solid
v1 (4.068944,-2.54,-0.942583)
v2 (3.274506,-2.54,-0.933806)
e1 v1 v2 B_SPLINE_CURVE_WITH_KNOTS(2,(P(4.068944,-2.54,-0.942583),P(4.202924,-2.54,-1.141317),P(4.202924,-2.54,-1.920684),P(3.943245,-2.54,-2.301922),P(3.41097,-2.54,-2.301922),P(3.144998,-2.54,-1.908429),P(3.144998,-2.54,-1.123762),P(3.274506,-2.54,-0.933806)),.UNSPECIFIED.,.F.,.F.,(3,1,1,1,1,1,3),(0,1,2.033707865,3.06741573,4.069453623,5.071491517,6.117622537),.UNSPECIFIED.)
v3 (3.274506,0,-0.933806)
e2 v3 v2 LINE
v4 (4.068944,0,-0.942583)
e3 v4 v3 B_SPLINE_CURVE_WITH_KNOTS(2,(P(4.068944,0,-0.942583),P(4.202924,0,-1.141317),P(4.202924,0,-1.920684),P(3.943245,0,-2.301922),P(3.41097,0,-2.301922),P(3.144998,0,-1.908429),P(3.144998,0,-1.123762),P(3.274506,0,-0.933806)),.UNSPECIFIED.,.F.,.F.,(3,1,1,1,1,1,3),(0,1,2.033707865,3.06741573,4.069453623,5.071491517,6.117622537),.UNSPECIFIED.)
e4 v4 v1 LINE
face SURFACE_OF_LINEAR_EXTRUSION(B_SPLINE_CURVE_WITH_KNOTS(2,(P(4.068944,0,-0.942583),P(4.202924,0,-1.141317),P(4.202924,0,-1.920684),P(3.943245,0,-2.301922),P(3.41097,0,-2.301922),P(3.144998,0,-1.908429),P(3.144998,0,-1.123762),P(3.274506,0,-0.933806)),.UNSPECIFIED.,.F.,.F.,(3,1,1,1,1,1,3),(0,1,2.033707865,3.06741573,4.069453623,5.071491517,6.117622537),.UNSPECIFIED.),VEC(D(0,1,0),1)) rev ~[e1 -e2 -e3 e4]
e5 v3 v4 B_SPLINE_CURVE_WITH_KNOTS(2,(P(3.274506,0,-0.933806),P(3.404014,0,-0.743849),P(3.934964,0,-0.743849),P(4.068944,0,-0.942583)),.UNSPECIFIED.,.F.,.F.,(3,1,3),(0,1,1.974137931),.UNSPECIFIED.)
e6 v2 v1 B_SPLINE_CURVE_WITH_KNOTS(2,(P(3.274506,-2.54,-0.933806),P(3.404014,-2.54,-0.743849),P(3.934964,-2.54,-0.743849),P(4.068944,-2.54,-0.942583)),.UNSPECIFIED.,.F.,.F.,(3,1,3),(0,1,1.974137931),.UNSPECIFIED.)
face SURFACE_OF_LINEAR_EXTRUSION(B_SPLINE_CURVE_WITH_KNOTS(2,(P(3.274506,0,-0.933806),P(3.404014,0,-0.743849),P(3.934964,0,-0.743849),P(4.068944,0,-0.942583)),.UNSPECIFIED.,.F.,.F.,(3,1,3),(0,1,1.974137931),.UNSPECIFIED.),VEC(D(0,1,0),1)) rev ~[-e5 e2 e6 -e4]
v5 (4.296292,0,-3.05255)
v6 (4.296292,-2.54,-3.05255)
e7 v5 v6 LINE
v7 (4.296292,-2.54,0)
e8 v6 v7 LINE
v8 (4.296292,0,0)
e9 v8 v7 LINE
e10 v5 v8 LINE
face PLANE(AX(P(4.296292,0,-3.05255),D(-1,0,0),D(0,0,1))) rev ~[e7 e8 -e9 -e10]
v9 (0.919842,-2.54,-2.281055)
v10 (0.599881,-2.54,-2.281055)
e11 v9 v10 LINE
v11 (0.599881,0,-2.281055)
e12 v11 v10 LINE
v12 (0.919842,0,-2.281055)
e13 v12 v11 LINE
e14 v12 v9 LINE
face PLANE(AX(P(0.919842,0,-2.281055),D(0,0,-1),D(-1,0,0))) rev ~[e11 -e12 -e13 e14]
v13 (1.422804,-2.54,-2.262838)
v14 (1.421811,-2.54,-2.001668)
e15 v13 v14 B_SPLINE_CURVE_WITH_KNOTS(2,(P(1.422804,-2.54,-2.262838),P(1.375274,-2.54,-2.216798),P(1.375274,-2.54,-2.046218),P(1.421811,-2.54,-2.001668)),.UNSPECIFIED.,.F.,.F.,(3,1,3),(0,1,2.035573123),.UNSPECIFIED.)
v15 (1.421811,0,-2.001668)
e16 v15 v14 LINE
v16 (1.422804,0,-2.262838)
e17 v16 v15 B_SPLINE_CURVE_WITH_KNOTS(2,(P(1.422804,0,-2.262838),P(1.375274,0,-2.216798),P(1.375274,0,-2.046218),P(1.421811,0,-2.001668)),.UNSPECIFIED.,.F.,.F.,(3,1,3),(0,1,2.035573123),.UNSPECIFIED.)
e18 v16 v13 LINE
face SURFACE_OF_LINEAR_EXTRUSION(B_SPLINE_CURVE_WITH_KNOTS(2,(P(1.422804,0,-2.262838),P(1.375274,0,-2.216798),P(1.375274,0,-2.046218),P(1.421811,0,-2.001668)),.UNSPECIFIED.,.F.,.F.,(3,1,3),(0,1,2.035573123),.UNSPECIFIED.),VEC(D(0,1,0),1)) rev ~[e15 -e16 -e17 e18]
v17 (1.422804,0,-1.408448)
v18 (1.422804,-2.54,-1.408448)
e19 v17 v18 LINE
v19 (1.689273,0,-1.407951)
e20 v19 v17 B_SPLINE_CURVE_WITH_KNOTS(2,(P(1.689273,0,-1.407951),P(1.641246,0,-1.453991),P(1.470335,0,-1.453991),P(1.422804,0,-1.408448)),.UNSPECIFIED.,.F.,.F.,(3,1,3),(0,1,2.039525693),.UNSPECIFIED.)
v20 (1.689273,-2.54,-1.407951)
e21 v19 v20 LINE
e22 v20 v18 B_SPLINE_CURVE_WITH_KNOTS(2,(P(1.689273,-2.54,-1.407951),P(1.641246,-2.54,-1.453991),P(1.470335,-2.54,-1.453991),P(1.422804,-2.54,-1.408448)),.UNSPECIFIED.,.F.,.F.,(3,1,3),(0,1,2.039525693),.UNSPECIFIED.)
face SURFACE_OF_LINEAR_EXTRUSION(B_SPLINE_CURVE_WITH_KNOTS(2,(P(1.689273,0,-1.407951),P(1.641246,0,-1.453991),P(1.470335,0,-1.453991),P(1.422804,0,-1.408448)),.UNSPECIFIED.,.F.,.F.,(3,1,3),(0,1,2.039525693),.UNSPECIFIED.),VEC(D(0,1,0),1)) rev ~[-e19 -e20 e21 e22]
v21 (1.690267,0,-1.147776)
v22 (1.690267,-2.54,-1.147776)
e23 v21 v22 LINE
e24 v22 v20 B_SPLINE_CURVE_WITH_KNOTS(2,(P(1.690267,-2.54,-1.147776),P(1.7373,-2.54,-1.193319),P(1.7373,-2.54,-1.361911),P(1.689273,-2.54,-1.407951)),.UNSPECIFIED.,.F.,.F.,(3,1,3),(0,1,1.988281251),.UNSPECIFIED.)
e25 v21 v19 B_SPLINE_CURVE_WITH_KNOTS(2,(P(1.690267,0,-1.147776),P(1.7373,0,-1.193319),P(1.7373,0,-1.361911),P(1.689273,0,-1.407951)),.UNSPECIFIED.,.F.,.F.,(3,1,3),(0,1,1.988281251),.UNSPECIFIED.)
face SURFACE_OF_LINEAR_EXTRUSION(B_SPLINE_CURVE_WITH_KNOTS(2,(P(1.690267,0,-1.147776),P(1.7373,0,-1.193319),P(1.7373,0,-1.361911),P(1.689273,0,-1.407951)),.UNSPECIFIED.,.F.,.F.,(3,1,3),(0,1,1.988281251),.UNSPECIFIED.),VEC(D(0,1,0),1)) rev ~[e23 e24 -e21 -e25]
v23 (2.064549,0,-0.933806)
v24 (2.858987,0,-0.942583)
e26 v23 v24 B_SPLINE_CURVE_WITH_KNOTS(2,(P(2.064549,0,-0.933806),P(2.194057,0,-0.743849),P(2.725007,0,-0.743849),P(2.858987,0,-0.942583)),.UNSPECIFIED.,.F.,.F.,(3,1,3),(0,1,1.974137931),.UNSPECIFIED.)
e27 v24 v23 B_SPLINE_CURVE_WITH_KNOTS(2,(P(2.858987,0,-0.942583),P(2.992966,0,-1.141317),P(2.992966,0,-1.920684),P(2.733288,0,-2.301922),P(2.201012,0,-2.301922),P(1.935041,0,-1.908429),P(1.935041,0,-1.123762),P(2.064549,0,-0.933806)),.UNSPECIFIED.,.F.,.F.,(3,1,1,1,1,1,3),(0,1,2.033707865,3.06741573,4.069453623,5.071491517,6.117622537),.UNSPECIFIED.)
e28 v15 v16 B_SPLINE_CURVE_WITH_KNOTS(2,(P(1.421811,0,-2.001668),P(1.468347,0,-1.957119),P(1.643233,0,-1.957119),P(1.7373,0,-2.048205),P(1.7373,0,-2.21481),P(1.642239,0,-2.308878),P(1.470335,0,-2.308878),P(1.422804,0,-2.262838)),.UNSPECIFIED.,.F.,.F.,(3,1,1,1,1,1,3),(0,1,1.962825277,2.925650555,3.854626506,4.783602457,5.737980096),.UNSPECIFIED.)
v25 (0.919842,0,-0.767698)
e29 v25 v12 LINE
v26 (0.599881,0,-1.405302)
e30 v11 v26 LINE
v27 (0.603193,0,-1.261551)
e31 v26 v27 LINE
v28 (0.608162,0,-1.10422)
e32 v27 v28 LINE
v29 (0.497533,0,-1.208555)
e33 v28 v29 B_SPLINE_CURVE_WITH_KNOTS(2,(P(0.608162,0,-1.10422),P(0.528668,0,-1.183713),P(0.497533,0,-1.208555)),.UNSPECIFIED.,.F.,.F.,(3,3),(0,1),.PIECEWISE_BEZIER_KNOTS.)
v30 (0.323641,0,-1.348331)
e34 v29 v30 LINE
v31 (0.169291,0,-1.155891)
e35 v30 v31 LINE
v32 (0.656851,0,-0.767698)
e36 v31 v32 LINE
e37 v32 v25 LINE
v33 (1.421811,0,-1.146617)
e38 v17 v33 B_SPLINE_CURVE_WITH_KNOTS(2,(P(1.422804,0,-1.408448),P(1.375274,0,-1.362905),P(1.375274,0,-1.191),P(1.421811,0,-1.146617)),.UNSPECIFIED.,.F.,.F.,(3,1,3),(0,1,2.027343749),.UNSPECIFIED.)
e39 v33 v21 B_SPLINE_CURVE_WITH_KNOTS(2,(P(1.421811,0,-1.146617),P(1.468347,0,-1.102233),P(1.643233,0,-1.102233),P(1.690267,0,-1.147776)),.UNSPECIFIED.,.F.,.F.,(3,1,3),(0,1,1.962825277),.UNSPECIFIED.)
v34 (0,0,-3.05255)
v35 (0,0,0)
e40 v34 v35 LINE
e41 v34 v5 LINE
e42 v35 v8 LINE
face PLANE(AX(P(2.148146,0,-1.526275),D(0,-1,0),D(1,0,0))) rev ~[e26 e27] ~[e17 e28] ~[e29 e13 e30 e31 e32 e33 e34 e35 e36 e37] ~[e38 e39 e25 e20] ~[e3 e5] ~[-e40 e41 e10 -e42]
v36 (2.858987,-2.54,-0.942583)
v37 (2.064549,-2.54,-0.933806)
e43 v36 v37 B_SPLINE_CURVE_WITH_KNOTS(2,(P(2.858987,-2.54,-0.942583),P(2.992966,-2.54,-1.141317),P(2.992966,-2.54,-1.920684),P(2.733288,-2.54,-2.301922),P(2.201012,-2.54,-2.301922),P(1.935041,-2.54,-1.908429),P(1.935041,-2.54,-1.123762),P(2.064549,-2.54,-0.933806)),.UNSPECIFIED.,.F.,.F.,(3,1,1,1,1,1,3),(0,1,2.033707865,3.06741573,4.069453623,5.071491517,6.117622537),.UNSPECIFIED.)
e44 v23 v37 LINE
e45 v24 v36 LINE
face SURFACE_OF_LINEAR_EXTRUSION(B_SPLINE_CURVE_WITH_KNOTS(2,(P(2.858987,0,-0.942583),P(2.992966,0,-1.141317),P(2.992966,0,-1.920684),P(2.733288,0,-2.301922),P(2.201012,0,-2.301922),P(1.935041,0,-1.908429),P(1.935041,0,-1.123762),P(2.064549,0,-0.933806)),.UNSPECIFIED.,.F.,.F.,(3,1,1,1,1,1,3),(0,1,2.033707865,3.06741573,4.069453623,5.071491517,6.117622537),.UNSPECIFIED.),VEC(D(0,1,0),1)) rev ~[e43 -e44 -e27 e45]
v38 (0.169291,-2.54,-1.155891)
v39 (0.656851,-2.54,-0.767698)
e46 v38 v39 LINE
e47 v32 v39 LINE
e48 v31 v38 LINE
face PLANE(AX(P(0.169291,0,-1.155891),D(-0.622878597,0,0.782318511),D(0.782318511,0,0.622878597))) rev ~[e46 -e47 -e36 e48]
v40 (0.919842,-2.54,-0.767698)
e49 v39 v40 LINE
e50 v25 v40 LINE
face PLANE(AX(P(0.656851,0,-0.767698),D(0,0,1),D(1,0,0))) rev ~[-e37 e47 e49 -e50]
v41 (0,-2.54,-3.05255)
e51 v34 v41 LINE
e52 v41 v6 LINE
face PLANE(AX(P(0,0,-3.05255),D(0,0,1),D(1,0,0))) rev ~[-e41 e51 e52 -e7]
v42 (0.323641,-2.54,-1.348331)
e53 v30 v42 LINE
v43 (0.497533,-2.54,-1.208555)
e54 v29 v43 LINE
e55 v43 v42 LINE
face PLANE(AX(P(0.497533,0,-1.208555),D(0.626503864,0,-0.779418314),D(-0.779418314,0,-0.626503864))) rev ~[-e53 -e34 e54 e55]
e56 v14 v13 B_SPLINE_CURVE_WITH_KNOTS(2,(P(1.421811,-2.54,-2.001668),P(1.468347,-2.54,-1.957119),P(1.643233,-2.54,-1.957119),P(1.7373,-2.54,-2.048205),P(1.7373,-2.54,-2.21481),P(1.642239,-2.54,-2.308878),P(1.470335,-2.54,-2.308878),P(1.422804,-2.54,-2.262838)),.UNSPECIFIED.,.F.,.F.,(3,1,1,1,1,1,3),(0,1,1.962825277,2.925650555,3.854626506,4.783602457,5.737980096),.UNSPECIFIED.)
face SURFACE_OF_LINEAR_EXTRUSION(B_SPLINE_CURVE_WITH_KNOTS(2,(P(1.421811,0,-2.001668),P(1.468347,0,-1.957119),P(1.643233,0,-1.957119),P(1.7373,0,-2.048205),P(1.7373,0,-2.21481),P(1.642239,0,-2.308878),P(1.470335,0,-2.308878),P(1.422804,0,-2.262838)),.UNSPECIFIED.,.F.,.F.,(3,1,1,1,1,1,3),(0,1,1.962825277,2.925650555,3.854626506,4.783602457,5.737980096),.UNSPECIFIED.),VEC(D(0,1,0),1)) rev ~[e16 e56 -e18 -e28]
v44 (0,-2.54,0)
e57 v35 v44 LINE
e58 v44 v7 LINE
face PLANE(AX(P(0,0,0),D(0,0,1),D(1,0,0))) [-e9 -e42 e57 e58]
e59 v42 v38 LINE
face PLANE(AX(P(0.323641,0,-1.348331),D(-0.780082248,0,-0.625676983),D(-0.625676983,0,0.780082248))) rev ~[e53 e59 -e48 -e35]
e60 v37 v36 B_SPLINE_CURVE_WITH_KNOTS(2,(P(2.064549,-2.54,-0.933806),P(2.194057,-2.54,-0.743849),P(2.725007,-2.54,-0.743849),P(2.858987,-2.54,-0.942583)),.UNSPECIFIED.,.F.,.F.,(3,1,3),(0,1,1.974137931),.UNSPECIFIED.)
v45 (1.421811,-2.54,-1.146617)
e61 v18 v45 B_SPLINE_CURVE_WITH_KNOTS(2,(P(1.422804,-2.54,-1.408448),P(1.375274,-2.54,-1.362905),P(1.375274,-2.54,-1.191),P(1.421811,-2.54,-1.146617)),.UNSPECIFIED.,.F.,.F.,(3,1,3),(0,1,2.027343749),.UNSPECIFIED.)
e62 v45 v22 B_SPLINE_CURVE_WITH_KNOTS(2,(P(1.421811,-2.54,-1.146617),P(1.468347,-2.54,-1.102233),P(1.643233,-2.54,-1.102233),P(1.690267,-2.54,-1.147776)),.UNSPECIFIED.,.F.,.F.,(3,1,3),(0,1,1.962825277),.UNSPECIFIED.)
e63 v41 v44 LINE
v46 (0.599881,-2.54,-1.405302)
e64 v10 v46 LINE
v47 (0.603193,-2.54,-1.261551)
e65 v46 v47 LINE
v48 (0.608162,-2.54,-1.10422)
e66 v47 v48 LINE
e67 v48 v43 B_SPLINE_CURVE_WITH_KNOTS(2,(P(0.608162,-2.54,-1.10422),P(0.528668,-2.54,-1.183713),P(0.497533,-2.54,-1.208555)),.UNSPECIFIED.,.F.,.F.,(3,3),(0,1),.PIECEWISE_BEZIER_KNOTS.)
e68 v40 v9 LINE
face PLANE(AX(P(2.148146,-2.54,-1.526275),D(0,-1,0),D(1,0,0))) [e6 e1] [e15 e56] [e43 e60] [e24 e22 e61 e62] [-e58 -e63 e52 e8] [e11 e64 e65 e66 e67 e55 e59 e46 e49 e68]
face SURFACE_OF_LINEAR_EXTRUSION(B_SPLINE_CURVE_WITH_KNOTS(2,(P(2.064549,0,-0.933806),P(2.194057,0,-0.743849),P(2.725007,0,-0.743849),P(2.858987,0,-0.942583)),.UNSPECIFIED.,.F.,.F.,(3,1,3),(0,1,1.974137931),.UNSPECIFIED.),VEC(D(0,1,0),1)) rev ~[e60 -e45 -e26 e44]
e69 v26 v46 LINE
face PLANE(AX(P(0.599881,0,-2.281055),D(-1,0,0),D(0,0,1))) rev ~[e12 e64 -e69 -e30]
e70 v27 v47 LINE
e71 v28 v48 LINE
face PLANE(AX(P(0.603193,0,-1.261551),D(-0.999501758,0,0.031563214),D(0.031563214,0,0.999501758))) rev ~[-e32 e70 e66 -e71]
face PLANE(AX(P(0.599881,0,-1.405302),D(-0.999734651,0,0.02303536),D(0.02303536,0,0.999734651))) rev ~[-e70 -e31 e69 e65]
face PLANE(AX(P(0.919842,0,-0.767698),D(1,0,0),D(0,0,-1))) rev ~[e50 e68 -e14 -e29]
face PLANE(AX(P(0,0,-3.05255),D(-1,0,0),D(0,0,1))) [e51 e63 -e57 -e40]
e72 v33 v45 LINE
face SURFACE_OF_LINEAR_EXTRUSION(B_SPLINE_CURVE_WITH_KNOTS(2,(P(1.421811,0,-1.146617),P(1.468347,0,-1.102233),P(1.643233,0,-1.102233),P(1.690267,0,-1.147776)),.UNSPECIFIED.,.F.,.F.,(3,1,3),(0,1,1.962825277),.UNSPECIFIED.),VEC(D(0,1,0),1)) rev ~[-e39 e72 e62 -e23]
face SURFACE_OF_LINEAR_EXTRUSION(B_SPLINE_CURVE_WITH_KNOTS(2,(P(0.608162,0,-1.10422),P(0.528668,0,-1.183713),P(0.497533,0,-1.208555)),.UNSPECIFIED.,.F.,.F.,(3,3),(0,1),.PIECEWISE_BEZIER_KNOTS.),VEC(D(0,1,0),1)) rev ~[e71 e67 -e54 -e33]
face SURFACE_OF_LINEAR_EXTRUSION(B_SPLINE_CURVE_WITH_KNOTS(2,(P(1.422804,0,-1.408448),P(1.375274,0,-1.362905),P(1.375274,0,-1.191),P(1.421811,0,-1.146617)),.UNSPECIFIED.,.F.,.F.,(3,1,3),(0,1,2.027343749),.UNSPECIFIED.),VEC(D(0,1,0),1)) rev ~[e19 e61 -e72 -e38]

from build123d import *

# Parameters (mm, degrees)
F0_W     = 4.2962920794
F0_H     = 3.0525501352
F1_DEPTH = 2.54


with BuildPart() as f1:
    # F0 (on Front) → F1 (new body)
    with BuildSketch(Plane.XZ):
        with Locations((2.1481460397, -1.5262750676)):
            Rectangle(F0_W, F0_H)
        with BuildLine():
            add(Edge.make_bspline(
                [(1.4228043145, -2.2628376538), (1.3752738301, -2.2167976723), (1.3752738301, -2.1329982817)],
                knots=[0, 0, 0, 1, 1, 1], degree=2))
            add(Edge.make_bspline(
                [(1.3752738301, -2.1329982817), (1.3752738301, -2.0462178851), (1.4218106459, -2.0016684066)],
                knots=[0, 0, 0, 1, 1, 1], degree=2))
            add(Edge.make_bspline(
                [(1.4218106459, -2.0016684066), (1.4683474616, -1.9571189282), (1.5574464185, -1.9571189282)],
                knots=[0, 0, 0, 1, 1, 1], degree=2))
            add(Edge.make_bspline(
                [(1.5574464185, -1.9571189282), (1.6432331464, -1.9571189282), (1.6902667965, -2.0026620753)],
                knots=[0, 0, 0, 1, 1, 1], degree=2))
            add(Edge.make_bspline(
                [(1.6902667965, -2.0026620753), (1.7373004466, -2.0482052224), (1.7373004466, -2.1329982817)],
                knots=[0, 0, 0, 1, 1, 1], degree=2))
            add(Edge.make_bspline(
                [(1.7373004466, -2.1329982817), (1.7373004466, -2.214810335), (1.6897699622, -2.2618439851)],
                knots=[0, 0, 0, 1, 1, 1], degree=2))
            add(Edge.make_bspline(
                [(1.6897699622, -2.2618439851), (1.6422394778, -2.3088776352), (1.5574464185, -2.3088776352)],
                knots=[0, 0, 0, 1, 1, 1], degree=2))
            add(Edge.make_bspline(
                [(1.5574464185, -2.3088776352), (1.4703347989, -2.3088776352), (1.4228043145, -2.2628376538)],
                knots=[0, 0, 0, 1, 1, 1], degree=2))
        make_face(mode=Mode.SUBTRACT)
        with BuildLine():
            Line((0.9198423592, -0.7676975376), (0.9198423592, -2.2810549126))
            Line((0.9198423592, -2.2810549126), (0.5998810495, -2.2810549126))
            Line((0.5998810495, -2.2810549126), (0.5998810495, -1.4053015969))
            Line((0.5998810495, -1.4053015969), (0.6031932783, -1.2615508635))
            Line((0.6031932783, -1.2615508635), (0.6081616217, -1.1042199918))
            add(Edge.make_bspline(
                [(0.6081616217, -1.1042199918), (0.5286681286, -1.1837134849), (0.4975331771, -1.2085552015)],
                knots=[0, 0, 0, 1, 1, 1], degree=2))
            Line((0.4975331771, -1.2085552015), (0.3236411609, -1.3483312602))
            Line((0.3236411609, -1.3483312602), (0.1692912952, -1.1558907623))
            Line((0.1692912952, -1.1558907623), (0.6568513862, -0.7676975376))
            Line((0.6568513862, -0.7676975376), (0.9198423592, -0.7676975376))
        make_face(mode=Mode.SUBTRACT)
        with BuildLine():
            add(Edge.make_bspline(
                [(1.4228043145, -1.4084482143), (1.3752738301, -1.3629050673), (1.3752738301, -1.2781120079)],
                knots=[0, 0, 0, 1, 1, 1], degree=2))
            add(Edge.make_bspline(
                [(1.3752738301, -1.2781120079), (1.3752738301, -1.1910003884), (1.4218106459, -1.1466165214)],
                knots=[0, 0, 0, 1, 1, 1], degree=2))
            add(Edge.make_bspline(
                [(1.4218106459, -1.1466165214), (1.4683474616, -1.1022326545), (1.5574464185, -1.1022326545)],
                knots=[0, 0, 0, 1, 1, 1], degree=2))
            add(Edge.make_bspline(
                [(1.5574464185, -1.1022326545), (1.6432331464, -1.1022326545), (1.6902667965, -1.1477758015)],
                knots=[0, 0, 0, 1, 1, 1], degree=2))
            add(Edge.make_bspline(
                [(1.6902667965, -1.1477758015), (1.7373004466, -1.1933189486), (1.7373004466, -1.2781120079)],
                knots=[0, 0, 0, 1, 1, 1], degree=2))
            add(Edge.make_bspline(
                [(1.7373004466, -1.2781120079), (1.7373004466, -1.3619113986), (1.6892731279, -1.40795138)],
                knots=[0, 0, 0, 1, 1, 1], degree=2))
            add(Edge.make_bspline(
                [(1.6892731279, -1.40795138), (1.6412458091, -1.4539913614), (1.5574464185, -1.4539913614)],
                knots=[0, 0, 0, 1, 1, 1], degree=2))
            add(Edge.make_bspline(
                [(1.5574464185, -1.4539913614), (1.4703347989, -1.4539913614), (1.4228043145, -1.4084482143)],
                knots=[0, 0, 0, 1, 1, 1], degree=2))
        make_face(mode=Mode.SUBTRACT)
        with BuildLine():
            add(Edge.make_bspline(
                [(2.8589867566, -0.9425832225), (2.9929664148, -1.1413169552), (2.9929664148, -1.5245418366)],
                knots=[0, 0, 0, 1, 1, 1], degree=2))
            add(Edge.make_bspline(
                [(2.9929664148, -1.5245418366), (2.9929664148, -1.9206844105), (2.8631270427, -2.1113031825)],
                knots=[0, 0, 0, 1, 1, 1], degree=2))
            add(Edge.make_bspline(
                [(2.8631270427, -2.1113031825), (2.7332876706, -2.3019219545), (2.4630097941, -2.3019219545)],
                knots=[0, 0, 0, 1, 1, 1], degree=2))
            add(Edge.make_bspline(
                [(2.4630097941, -2.3019219545), (2.2010124897, -2.3019219545), (2.0680265002, -2.1051755591)],
                knots=[0, 0, 0, 1, 1, 1], degree=2))
            add(Edge.make_bspline(
                [(2.0680265002, -2.1051755591), (1.9350405107, -1.9084291637), (1.9350405107, -1.5245418366)],
                knots=[0, 0, 0, 1, 1, 1], degree=2))
            add(Edge.make_bspline(
                [(1.9350405107, -1.5245418366), (1.9350405107, -1.1237621422), (2.0645486599, -0.9338058159)],
                knots=[0, 0, 0, 1, 1, 1], degree=2))
            add(Edge.make_bspline(
                [(2.0645486599, -0.9338058159), (2.1940568091, -0.7438494897), (2.4630097941, -0.7438494897)],
                knots=[0, 0, 0, 1, 1, 1], degree=2))
            add(Edge.make_bspline(
                [(2.4630097941, -0.7438494897), (2.7250070984, -0.7438494897), (2.8589867566, -0.9425832225)],
                knots=[0, 0, 0, 1, 1, 1], degree=2))
        make_face(mode=Mode.SUBTRACT)
        with BuildLine():
            add(Edge.make_bspline(
                [(4.0689439662, -0.9425832225), (4.2029236244, -1.1413169552), (4.2029236244, -1.5245418366)],
                knots=[0, 0, 0, 1, 1, 1], degree=2))
            add(Edge.make_bspline(
                [(4.2029236244, -1.5245418366), (4.2029236244, -1.9206844105), (4.0730842523, -2.1113031825)],
                knots=[0, 0, 0, 1, 1, 1], degree=2))
            add(Edge.make_bspline(
                [(4.0730842523, -2.1113031825), (3.9432448802, -2.3019219545), (3.6729670037, -2.3019219545)],
                knots=[0, 0, 0, 1, 1, 1], degree=2))
            add(Edge.make_bspline(
                [(3.6729670037, -2.3019219545), (3.4109696993, -2.3019219545), (3.2779837098, -2.1051755591)],
                knots=[0, 0, 0, 1, 1, 1], degree=2))
            add(Edge.make_bspline(
                [(3.2779837098, -2.1051755591), (3.1449977203, -1.9084291637), (3.1449977203, -1.5245418366)],
                knots=[0, 0, 0, 1, 1, 1], degree=2))
            add(Edge.make_bspline(
                [(3.1449977203, -1.5245418366), (3.1449977203, -1.1237621422), (3.2745058695, -0.9338058159)],
                knots=[0, 0, 0, 1, 1, 1], degree=2))
            add(Edge.make_bspline(
                [(3.2745058695, -0.9338058159), (3.4040140187, -0.7438494897), (3.6729670037, -0.7438494897)],
                knots=[0, 0, 0, 1, 1, 1], degree=2))
            add(Edge.make_bspline(
                [(3.6729670037, -0.7438494897), (3.934964308, -0.7438494897), (4.0689439662, -0.9425832225)],
                knots=[0, 0, 0, 1, 1, 1], degree=2))
        make_face(mode=Mode.SUBTRACT)
    extrude(amount=F1_DEPTH)


solid = f1.part
